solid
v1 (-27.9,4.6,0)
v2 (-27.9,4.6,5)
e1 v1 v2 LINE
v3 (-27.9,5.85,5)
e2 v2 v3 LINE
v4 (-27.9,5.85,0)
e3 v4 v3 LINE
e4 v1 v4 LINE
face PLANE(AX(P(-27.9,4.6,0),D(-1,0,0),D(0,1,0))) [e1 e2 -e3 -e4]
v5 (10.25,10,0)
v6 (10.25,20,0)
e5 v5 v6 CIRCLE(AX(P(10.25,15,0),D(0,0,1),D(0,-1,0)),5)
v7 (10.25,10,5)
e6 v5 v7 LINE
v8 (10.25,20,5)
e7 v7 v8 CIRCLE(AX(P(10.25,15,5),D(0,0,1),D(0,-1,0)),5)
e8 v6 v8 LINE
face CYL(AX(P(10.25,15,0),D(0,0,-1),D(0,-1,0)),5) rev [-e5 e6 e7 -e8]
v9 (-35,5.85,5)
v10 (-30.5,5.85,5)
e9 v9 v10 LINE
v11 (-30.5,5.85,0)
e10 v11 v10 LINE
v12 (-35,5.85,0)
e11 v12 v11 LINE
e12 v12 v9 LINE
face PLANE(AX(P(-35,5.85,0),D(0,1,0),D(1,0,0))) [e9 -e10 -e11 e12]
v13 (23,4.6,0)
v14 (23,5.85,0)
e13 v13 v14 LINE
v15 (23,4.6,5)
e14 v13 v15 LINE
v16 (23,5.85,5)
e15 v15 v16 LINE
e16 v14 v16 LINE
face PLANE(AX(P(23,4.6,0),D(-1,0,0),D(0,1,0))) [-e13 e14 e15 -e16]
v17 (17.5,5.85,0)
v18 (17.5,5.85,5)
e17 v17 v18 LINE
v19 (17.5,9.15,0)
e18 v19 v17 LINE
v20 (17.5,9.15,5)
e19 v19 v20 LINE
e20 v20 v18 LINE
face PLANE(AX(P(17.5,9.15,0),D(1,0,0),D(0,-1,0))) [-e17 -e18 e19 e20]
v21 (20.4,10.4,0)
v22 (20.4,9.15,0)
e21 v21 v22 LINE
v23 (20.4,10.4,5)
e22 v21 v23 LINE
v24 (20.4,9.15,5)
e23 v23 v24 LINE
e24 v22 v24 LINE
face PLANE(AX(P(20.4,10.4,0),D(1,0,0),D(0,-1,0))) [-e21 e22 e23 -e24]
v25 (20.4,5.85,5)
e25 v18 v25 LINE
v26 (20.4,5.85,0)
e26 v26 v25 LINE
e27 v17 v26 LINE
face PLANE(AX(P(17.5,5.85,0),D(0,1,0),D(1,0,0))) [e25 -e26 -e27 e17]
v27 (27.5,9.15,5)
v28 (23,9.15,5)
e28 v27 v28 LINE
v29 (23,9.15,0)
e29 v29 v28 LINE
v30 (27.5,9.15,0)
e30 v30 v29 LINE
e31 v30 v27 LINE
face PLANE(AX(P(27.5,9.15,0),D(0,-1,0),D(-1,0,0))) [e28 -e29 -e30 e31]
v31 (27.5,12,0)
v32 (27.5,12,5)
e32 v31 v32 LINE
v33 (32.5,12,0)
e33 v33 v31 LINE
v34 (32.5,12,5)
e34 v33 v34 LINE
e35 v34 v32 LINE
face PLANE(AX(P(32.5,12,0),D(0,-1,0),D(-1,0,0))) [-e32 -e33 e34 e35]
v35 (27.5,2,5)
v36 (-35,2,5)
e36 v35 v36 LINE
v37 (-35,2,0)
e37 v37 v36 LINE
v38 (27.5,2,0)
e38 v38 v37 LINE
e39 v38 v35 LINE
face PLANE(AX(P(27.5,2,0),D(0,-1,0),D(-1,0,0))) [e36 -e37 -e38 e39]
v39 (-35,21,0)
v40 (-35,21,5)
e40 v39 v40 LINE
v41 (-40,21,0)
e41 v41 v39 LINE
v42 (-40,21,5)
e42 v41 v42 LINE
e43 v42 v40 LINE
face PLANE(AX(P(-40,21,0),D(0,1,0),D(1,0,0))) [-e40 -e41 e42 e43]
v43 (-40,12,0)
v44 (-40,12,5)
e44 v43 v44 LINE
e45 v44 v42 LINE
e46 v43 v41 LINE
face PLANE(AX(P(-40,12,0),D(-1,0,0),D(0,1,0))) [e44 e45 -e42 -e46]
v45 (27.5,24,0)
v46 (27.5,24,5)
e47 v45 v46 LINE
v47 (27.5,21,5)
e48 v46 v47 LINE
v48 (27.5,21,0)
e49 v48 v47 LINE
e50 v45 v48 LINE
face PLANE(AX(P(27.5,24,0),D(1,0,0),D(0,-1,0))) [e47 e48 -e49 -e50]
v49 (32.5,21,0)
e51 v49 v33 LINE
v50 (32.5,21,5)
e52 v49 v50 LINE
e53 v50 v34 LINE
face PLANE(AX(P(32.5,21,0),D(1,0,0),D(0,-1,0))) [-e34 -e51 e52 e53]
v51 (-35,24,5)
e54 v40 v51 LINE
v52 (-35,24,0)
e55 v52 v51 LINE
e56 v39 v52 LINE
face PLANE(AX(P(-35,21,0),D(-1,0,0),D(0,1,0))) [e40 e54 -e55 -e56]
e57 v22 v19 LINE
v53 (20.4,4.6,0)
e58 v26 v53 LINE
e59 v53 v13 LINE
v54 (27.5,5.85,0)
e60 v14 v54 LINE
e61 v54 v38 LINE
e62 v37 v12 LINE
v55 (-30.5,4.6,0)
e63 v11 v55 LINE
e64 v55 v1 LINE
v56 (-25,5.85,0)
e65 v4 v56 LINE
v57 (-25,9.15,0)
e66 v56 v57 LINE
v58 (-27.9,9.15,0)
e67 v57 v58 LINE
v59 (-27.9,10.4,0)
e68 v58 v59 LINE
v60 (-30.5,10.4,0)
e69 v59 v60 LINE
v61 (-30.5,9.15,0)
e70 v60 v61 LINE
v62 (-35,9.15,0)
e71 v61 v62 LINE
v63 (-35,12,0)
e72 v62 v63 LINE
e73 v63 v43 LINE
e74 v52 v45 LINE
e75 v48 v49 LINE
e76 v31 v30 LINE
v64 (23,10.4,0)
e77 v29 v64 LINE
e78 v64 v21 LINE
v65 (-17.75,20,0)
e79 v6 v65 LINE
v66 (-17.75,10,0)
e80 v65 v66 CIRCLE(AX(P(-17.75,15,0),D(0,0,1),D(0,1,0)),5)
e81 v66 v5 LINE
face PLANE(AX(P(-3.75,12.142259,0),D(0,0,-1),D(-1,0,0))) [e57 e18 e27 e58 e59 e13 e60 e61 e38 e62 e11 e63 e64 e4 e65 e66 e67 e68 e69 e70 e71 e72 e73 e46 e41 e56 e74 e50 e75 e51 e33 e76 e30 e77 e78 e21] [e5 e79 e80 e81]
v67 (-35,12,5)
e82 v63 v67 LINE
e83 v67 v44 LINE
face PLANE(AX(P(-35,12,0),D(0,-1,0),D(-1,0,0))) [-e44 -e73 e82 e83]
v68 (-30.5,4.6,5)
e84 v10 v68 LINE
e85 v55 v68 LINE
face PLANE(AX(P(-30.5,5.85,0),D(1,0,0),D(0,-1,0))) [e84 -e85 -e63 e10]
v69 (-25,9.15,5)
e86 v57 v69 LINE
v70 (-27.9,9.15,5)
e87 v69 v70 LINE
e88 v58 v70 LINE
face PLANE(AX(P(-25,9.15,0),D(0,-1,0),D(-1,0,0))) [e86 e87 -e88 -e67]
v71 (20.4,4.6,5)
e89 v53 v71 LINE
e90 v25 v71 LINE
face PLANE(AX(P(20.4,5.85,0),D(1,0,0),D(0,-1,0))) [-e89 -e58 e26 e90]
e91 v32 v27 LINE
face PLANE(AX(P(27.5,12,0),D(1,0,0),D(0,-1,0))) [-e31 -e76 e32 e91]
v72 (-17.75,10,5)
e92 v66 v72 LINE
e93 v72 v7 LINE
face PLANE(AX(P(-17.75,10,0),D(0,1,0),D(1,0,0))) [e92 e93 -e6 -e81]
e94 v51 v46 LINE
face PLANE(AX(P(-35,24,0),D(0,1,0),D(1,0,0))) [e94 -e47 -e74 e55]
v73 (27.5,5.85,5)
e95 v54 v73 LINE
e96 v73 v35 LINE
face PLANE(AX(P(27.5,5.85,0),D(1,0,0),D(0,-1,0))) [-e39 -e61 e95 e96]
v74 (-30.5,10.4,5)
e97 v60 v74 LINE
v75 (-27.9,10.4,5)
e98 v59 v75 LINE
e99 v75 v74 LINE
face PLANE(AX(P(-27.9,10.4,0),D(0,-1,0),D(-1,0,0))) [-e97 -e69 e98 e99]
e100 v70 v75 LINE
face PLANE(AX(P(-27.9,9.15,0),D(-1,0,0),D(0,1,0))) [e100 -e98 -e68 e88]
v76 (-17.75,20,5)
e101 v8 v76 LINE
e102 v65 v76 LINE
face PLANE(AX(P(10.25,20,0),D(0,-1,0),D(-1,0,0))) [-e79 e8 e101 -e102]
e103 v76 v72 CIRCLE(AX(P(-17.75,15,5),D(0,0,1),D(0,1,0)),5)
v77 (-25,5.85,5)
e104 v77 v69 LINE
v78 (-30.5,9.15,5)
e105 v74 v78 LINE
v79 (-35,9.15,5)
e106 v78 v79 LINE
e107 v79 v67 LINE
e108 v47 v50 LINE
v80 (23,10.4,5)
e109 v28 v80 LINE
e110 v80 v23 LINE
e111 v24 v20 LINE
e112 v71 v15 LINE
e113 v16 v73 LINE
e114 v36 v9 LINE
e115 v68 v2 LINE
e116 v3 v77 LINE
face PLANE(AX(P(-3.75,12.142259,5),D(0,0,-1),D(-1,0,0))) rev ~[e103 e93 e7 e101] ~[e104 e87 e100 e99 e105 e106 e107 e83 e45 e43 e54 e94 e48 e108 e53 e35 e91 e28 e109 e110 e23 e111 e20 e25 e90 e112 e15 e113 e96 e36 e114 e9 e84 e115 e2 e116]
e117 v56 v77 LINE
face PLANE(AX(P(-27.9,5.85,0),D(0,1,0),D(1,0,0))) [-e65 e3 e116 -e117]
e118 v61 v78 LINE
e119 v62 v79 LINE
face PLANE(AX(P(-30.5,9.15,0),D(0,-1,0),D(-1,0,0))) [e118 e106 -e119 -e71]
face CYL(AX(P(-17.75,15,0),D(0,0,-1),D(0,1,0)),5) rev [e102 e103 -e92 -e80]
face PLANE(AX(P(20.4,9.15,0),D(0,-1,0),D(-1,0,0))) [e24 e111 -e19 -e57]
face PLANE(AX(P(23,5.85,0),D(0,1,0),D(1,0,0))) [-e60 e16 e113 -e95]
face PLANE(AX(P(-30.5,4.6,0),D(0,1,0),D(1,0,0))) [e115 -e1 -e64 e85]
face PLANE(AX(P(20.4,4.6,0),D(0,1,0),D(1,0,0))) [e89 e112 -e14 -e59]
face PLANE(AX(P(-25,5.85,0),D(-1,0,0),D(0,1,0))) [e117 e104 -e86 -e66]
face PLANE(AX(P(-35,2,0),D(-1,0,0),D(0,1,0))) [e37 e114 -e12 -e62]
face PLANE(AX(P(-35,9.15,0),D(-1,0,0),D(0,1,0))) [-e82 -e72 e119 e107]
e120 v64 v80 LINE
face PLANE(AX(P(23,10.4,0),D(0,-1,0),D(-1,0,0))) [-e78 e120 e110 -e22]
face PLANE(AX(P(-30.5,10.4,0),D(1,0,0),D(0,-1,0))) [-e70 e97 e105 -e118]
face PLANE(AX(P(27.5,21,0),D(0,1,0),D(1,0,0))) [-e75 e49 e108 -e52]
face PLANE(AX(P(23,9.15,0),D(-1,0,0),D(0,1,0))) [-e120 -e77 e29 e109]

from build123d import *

# Parameters (mm, degrees)
PLASTINA_DEPTH = 5


with BuildPart() as part:
    # Eskiz_kontur → Plastina (new body)
    with BuildSketch(Plane.XY):
        Polygon((32.5, 12), (27.5, 12), (27.5, 9.15), (23, 9.15), (23, 10.4), (20.4, 10.4), (20.4, 9.15), (17.5, 9.15), (17.5, 5.85), (20.4, 5.85), (20.4, 4.6), (23, 4.6), (23, 5.85), (27.5, 5.85), (27.5, 2), (-35, 2), (-35, 5.85), (-30.5, 5.85), (-30.5, 4.6), (-27.9, 4.6), (-27.9, 5.85), (-25, 5.85), (-25, 9.15), (-27.9, 9.15), (-27.9, 10.4), (-30.5, 10.4), (-30.5, 9.15), (-35, 9.15), (-35, 12), (-40, 12), (-40, 21), (-35, 21), (-35, 24), (27.5, 24), (27.5, 21), (32.5, 21), align=None)
        with BuildLine():
            Line((10.25, 20), (-17.75, 20))
            ThreePointArc((-17.75, 20), (-22.75, 15), (-17.75, 10))
            Line((-17.75, 10), (10.25, 10))
            ThreePointArc((10.25, 10), (15.25, 15), (10.25, 20))
        make_face(mode=Mode.SUBTRACT)
    extrude(amount=PLASTINA_DEPTH)


solid = part.part
